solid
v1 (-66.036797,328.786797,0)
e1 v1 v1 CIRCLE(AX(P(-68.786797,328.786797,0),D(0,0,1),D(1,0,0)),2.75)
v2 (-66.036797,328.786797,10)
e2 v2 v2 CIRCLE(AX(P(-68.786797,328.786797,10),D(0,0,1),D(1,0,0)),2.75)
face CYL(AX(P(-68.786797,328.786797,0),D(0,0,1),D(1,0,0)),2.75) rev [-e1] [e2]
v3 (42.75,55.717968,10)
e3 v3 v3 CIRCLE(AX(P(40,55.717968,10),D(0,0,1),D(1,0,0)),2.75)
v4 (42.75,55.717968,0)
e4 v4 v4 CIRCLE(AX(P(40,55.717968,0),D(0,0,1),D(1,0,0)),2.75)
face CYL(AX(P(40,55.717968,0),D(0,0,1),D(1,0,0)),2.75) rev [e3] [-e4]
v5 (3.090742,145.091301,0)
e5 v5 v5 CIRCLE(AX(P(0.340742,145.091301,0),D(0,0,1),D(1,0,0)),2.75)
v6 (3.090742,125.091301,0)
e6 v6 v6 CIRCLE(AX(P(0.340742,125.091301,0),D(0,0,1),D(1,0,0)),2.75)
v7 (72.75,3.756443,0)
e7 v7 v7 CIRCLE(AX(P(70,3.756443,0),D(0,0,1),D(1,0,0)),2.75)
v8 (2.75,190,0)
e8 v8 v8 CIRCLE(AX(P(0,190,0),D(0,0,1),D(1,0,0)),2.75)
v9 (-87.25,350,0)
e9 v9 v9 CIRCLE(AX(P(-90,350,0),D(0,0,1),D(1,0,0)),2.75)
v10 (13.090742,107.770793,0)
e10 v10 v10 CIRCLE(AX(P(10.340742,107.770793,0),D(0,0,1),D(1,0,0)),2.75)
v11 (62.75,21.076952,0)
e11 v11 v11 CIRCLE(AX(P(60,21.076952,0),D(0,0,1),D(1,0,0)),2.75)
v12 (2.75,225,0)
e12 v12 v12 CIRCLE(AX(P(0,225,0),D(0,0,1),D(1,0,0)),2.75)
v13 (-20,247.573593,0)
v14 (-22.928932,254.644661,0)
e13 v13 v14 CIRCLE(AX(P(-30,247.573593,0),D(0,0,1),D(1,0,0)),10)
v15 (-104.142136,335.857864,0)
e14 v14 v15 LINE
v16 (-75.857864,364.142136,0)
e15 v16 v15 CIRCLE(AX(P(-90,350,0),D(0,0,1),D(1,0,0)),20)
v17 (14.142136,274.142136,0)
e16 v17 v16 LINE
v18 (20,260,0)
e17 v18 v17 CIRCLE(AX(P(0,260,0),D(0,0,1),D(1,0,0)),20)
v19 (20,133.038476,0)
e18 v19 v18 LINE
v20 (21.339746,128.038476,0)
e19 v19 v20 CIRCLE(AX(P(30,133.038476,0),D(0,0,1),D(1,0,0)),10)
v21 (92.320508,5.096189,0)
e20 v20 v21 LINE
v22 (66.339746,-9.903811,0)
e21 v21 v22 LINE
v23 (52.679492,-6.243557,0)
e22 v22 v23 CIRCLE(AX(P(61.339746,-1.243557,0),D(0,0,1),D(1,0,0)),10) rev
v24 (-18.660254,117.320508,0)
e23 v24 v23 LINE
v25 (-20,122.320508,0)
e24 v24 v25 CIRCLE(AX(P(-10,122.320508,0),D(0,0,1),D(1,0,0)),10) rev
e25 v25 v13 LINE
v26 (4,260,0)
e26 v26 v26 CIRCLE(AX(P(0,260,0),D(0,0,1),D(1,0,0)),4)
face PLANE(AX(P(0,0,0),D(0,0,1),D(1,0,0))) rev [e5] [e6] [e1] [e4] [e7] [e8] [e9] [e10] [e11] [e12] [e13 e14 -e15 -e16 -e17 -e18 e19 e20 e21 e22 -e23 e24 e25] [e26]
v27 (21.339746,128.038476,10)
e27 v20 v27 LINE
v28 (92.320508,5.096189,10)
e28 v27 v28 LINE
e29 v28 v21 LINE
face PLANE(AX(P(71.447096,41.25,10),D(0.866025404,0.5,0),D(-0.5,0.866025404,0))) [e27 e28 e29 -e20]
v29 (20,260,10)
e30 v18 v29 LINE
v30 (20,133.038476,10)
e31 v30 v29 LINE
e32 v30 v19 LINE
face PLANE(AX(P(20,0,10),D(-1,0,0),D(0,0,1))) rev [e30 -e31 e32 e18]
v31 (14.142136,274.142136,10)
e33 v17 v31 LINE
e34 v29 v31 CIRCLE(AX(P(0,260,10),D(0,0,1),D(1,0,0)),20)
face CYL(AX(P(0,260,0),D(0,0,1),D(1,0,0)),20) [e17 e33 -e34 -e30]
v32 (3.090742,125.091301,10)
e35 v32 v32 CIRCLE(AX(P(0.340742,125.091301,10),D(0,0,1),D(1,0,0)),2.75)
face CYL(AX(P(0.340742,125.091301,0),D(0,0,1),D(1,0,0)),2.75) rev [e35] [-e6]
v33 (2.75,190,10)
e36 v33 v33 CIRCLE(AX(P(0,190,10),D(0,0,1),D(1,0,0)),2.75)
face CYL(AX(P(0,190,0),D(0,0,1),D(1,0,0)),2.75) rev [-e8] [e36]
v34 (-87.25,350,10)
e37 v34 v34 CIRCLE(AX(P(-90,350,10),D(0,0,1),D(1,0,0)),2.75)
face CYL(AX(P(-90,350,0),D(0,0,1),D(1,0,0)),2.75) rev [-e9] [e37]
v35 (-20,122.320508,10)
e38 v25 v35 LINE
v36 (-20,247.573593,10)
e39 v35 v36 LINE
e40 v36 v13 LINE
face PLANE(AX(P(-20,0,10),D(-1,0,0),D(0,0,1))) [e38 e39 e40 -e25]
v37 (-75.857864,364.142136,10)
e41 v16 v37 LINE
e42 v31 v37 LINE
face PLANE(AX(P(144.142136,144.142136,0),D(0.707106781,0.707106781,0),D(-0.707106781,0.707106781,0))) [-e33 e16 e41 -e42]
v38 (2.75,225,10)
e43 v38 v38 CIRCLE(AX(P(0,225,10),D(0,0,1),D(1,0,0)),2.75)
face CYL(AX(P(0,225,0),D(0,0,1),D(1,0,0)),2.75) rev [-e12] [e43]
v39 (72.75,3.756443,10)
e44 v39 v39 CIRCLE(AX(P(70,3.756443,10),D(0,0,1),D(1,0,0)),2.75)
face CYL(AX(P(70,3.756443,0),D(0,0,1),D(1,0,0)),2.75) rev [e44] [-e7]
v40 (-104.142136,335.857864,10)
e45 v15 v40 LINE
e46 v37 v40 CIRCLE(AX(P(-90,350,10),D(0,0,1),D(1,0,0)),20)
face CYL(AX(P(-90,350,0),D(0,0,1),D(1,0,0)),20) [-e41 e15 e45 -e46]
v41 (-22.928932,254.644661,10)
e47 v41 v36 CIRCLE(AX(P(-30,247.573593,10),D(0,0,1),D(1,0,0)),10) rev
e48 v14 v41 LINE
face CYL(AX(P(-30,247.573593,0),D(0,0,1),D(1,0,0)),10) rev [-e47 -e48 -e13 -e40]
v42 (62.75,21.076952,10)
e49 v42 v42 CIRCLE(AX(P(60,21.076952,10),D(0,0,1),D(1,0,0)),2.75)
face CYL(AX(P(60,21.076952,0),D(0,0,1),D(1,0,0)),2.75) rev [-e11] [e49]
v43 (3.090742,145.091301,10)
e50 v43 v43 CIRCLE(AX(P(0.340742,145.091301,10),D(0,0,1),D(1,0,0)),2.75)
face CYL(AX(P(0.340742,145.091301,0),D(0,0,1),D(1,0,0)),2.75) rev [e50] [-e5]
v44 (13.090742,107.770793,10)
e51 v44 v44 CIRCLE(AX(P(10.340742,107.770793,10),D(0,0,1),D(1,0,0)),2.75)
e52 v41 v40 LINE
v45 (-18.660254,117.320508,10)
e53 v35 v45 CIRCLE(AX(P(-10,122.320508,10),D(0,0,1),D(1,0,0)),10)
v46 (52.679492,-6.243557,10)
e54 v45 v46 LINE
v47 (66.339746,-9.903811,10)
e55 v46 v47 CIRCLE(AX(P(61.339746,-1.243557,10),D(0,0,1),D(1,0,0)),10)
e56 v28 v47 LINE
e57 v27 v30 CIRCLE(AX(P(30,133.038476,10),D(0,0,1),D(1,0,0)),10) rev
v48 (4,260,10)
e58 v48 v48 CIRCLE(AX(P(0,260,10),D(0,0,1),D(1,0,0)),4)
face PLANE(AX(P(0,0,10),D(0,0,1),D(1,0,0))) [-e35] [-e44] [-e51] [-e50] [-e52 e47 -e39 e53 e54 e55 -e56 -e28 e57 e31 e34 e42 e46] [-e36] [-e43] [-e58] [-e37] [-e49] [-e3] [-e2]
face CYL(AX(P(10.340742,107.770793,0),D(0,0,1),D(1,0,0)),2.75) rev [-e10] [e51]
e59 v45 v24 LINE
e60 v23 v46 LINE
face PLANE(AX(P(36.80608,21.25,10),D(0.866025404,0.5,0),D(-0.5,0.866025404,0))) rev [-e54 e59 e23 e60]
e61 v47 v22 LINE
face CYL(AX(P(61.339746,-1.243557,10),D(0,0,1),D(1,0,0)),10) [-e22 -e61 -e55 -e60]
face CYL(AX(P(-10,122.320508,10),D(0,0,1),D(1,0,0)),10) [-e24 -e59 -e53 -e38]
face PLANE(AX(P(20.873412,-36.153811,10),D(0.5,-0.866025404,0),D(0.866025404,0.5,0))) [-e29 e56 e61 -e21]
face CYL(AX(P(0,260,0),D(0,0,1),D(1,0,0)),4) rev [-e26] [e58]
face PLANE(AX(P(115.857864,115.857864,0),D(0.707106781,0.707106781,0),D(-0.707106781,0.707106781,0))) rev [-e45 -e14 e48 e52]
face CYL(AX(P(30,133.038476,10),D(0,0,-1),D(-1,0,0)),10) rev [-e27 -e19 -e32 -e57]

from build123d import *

# Parameters (mm, degrees)
BOSS_EXTRUDE1_DEPTH     = 10
FILLET1_R               = 10
BOSS_EXTRUDE2_DEPTH     = 10
SKETCH3_R               = 2.75
CUT_EXTRUDE1_DEPTH      = 295.996739323
CUT_EXTRUDE2_DEPTH      = 295.996739323
CUT_EXTRUDE2_DEPTH_BACK = 295.996739323
SKETCH5_R               = 2.75
BOSS_EXTRUDE3_DEPTH     = 10
FILLET2_R               = 10
CUT_EXTRUDE3_DEPTH      = 10
SKETCH9_R               = 2.75
CUT_EXTRUDE4_DEPTH      = 387.134691526
SKETCH10_R              = 2.75
CUT_EXTRUDE5_DEPTH      = 387.134691526
CUT_EXTRUDE6_DEPTH      = 387.134691526
CUT_EXTRUDE6_DEPTH_BACK = 387.134691526
SKETCH11_R              = 2.75


with BuildPart() as part:
    # Sketch1 → Boss-Extrude1 (new body)
    with BuildSketch(Plane.XY):
        Polygon((75, -4.903810568), (0, 125), (0, 250), (-20, 250), (-20, 119.641016151), (57.679491924, -14.903810568), align=None)
        Polygon((0, 250), (0, 125), (75, -4.903810568), (92.320508076, 5.096189432), (20, 130.358983849), (20, 250), align=None)
    extrude(amount=BOSS_EXTRUDE1_DEPTH)

    # Fillet1
    fillet1_edges = [part.edges().sort_by_distance(p)[0] for p in [
        (57.679491924, -14.903810568, 5),
        (-20, 119.641016151, 5),
        (20, 130.358983849, 5),
    ]]
    fillet(fillet1_edges, radius=FILLET1_R)

    # Sketch2 → Boss-Extrude2 (add)
    with BuildSketch(Plane.XY.offset(10)):
        with BuildLine():
            Line((0, 250), (20, 250))
            Line((20, 250), (20, 260))
            ThreePointArc((20, 260), (0, 280), (-20, 260))
            Line((-20, 260), (-20, 250))
            Line((-20, 250), (0, 250))
        make_face()
        with BuildLine():
            ThreePointArc((0, 264), (4, 260), (0, 256))
            ThreePointArc((0, 256), (-4, 260), (0, 264))
        make_face(mode=Mode.SUBTRACT)
    extrude(amount=-BOSS_EXTRUDE2_DEPTH)

    # Sketch3 → Cut-Extrude1 (cut, through all)
    with BuildSketch(Plane.XY.offset(10)):
        with Locations((0, 190)):
            Circle(SKETCH3_R)
        with Locations((0, 225)):
            Circle(SKETCH3_R)
    extrude(amount=-CUT_EXTRUDE1_DEPTH, mode=Mode.SUBTRACT)

    # Sketch5 → Cut-Extrude2 (cut, two sides: drawn at the far end of the back side and taken through both)
    with BuildSketch(Plane.XY.offset(10).offset(-CUT_EXTRUDE2_DEPTH_BACK)):
        with Locations((60, 21.076951546)):
            Circle(SKETCH5_R)
        with Locations((70, 3.75644347)):
            Circle(SKETCH5_R)
    extrude(amount=CUT_EXTRUDE2_DEPTH + CUT_EXTRUDE2_DEPTH_BACK, mode=Mode.SUBTRACT)

    # Sketch7 → Boss-Extrude3 (add)
    with BuildSketch(Plane.XY.offset(10)):
        with BuildLine():
            ThreePointArc((-14.142135624, 245.857864376), (-14.142135624, 274.142135624), (14.142135624, 274.142135624))
            Line((14.142135624, 274.142135624), (-105.857864376, 394.142135624))
            ThreePointArc((-105.857864376, 394.142135624), (-134.142135624, 394.142135624), (-134.142135624, 365.857864376))
            Line((-134.142135624, 365.857864376), (-14.142135624, 245.857864376))
        make_face()
    extrude(amount=-BOSS_EXTRUDE3_DEPTH)

    # Fillet2
    fillet2_edges = [part.edges().sort_by_distance(p)[0] for p in [
        (-20, 251.715728753, 5),
    ]]
    fillet(fillet2_edges, radius=FILLET2_R)

    # Sketch8 → Cut-Extrude3 (cut)
    with BuildSketch(Plane.XY.offset(10)):
        with BuildLine():
            ThreePointArc((-104.142135624, 335.857864376), (-104.142135624, 364.142135624), (-75.857864376, 364.142135624))
            Line((-75.857864376, 364.142135624), (-105.857864376, 394.142135624))
            ThreePointArc((-105.857864376, 394.142135624), (-134.142135624, 394.142135624), (-134.142135624, 365.857864376))
            Line((-134.142135624, 365.857864376), (-104.142135624, 335.857864376))
        make_face()
    extrude(amount=-CUT_EXTRUDE3_DEPTH, mode=Mode.SUBTRACT)

    # Sketch9 → Cut-Extrude4 (cut, through all)
    with BuildSketch(Plane.XY.offset(10)):
        with Locations((-90, 350)):
            Circle(SKETCH9_R)
        with Locations((-68.786796564, 328.786796564)):
            Circle(SKETCH9_R)
    extrude(amount=-CUT_EXTRUDE4_DEPTH, mode=Mode.SUBTRACT)

    # Sketch10 → Cut-Extrude5 (cut, through all)
    with BuildSketch(Plane.XY.offset(10)):
        with Locations((40, 55.717967697)):
            Circle(SKETCH10_R)
    extrude(amount=-CUT_EXTRUDE5_DEPTH, mode=Mode.SUBTRACT)

    # Sketch11 → Cut-Extrude6 (cut, two sides: drawn at the far end of the back side and taken through both)
    with BuildSketch(Plane.XY.offset(10).offset(-CUT_EXTRUDE6_DEPTH_BACK)):
        with Locations((0.340741737, 145.091301473)):
            Circle(SKETCH11_R)
        with Locations((0.340741737, 125.091301473)):
            Circle(SKETCH11_R)
        with Locations((10.340741737, 107.770793398)):
            Circle(SKETCH11_R)
    extrude(amount=CUT_EXTRUDE6_DEPTH + CUT_EXTRUDE6_DEPTH_BACK, mode=Mode.SUBTRACT)


solid = part.part
